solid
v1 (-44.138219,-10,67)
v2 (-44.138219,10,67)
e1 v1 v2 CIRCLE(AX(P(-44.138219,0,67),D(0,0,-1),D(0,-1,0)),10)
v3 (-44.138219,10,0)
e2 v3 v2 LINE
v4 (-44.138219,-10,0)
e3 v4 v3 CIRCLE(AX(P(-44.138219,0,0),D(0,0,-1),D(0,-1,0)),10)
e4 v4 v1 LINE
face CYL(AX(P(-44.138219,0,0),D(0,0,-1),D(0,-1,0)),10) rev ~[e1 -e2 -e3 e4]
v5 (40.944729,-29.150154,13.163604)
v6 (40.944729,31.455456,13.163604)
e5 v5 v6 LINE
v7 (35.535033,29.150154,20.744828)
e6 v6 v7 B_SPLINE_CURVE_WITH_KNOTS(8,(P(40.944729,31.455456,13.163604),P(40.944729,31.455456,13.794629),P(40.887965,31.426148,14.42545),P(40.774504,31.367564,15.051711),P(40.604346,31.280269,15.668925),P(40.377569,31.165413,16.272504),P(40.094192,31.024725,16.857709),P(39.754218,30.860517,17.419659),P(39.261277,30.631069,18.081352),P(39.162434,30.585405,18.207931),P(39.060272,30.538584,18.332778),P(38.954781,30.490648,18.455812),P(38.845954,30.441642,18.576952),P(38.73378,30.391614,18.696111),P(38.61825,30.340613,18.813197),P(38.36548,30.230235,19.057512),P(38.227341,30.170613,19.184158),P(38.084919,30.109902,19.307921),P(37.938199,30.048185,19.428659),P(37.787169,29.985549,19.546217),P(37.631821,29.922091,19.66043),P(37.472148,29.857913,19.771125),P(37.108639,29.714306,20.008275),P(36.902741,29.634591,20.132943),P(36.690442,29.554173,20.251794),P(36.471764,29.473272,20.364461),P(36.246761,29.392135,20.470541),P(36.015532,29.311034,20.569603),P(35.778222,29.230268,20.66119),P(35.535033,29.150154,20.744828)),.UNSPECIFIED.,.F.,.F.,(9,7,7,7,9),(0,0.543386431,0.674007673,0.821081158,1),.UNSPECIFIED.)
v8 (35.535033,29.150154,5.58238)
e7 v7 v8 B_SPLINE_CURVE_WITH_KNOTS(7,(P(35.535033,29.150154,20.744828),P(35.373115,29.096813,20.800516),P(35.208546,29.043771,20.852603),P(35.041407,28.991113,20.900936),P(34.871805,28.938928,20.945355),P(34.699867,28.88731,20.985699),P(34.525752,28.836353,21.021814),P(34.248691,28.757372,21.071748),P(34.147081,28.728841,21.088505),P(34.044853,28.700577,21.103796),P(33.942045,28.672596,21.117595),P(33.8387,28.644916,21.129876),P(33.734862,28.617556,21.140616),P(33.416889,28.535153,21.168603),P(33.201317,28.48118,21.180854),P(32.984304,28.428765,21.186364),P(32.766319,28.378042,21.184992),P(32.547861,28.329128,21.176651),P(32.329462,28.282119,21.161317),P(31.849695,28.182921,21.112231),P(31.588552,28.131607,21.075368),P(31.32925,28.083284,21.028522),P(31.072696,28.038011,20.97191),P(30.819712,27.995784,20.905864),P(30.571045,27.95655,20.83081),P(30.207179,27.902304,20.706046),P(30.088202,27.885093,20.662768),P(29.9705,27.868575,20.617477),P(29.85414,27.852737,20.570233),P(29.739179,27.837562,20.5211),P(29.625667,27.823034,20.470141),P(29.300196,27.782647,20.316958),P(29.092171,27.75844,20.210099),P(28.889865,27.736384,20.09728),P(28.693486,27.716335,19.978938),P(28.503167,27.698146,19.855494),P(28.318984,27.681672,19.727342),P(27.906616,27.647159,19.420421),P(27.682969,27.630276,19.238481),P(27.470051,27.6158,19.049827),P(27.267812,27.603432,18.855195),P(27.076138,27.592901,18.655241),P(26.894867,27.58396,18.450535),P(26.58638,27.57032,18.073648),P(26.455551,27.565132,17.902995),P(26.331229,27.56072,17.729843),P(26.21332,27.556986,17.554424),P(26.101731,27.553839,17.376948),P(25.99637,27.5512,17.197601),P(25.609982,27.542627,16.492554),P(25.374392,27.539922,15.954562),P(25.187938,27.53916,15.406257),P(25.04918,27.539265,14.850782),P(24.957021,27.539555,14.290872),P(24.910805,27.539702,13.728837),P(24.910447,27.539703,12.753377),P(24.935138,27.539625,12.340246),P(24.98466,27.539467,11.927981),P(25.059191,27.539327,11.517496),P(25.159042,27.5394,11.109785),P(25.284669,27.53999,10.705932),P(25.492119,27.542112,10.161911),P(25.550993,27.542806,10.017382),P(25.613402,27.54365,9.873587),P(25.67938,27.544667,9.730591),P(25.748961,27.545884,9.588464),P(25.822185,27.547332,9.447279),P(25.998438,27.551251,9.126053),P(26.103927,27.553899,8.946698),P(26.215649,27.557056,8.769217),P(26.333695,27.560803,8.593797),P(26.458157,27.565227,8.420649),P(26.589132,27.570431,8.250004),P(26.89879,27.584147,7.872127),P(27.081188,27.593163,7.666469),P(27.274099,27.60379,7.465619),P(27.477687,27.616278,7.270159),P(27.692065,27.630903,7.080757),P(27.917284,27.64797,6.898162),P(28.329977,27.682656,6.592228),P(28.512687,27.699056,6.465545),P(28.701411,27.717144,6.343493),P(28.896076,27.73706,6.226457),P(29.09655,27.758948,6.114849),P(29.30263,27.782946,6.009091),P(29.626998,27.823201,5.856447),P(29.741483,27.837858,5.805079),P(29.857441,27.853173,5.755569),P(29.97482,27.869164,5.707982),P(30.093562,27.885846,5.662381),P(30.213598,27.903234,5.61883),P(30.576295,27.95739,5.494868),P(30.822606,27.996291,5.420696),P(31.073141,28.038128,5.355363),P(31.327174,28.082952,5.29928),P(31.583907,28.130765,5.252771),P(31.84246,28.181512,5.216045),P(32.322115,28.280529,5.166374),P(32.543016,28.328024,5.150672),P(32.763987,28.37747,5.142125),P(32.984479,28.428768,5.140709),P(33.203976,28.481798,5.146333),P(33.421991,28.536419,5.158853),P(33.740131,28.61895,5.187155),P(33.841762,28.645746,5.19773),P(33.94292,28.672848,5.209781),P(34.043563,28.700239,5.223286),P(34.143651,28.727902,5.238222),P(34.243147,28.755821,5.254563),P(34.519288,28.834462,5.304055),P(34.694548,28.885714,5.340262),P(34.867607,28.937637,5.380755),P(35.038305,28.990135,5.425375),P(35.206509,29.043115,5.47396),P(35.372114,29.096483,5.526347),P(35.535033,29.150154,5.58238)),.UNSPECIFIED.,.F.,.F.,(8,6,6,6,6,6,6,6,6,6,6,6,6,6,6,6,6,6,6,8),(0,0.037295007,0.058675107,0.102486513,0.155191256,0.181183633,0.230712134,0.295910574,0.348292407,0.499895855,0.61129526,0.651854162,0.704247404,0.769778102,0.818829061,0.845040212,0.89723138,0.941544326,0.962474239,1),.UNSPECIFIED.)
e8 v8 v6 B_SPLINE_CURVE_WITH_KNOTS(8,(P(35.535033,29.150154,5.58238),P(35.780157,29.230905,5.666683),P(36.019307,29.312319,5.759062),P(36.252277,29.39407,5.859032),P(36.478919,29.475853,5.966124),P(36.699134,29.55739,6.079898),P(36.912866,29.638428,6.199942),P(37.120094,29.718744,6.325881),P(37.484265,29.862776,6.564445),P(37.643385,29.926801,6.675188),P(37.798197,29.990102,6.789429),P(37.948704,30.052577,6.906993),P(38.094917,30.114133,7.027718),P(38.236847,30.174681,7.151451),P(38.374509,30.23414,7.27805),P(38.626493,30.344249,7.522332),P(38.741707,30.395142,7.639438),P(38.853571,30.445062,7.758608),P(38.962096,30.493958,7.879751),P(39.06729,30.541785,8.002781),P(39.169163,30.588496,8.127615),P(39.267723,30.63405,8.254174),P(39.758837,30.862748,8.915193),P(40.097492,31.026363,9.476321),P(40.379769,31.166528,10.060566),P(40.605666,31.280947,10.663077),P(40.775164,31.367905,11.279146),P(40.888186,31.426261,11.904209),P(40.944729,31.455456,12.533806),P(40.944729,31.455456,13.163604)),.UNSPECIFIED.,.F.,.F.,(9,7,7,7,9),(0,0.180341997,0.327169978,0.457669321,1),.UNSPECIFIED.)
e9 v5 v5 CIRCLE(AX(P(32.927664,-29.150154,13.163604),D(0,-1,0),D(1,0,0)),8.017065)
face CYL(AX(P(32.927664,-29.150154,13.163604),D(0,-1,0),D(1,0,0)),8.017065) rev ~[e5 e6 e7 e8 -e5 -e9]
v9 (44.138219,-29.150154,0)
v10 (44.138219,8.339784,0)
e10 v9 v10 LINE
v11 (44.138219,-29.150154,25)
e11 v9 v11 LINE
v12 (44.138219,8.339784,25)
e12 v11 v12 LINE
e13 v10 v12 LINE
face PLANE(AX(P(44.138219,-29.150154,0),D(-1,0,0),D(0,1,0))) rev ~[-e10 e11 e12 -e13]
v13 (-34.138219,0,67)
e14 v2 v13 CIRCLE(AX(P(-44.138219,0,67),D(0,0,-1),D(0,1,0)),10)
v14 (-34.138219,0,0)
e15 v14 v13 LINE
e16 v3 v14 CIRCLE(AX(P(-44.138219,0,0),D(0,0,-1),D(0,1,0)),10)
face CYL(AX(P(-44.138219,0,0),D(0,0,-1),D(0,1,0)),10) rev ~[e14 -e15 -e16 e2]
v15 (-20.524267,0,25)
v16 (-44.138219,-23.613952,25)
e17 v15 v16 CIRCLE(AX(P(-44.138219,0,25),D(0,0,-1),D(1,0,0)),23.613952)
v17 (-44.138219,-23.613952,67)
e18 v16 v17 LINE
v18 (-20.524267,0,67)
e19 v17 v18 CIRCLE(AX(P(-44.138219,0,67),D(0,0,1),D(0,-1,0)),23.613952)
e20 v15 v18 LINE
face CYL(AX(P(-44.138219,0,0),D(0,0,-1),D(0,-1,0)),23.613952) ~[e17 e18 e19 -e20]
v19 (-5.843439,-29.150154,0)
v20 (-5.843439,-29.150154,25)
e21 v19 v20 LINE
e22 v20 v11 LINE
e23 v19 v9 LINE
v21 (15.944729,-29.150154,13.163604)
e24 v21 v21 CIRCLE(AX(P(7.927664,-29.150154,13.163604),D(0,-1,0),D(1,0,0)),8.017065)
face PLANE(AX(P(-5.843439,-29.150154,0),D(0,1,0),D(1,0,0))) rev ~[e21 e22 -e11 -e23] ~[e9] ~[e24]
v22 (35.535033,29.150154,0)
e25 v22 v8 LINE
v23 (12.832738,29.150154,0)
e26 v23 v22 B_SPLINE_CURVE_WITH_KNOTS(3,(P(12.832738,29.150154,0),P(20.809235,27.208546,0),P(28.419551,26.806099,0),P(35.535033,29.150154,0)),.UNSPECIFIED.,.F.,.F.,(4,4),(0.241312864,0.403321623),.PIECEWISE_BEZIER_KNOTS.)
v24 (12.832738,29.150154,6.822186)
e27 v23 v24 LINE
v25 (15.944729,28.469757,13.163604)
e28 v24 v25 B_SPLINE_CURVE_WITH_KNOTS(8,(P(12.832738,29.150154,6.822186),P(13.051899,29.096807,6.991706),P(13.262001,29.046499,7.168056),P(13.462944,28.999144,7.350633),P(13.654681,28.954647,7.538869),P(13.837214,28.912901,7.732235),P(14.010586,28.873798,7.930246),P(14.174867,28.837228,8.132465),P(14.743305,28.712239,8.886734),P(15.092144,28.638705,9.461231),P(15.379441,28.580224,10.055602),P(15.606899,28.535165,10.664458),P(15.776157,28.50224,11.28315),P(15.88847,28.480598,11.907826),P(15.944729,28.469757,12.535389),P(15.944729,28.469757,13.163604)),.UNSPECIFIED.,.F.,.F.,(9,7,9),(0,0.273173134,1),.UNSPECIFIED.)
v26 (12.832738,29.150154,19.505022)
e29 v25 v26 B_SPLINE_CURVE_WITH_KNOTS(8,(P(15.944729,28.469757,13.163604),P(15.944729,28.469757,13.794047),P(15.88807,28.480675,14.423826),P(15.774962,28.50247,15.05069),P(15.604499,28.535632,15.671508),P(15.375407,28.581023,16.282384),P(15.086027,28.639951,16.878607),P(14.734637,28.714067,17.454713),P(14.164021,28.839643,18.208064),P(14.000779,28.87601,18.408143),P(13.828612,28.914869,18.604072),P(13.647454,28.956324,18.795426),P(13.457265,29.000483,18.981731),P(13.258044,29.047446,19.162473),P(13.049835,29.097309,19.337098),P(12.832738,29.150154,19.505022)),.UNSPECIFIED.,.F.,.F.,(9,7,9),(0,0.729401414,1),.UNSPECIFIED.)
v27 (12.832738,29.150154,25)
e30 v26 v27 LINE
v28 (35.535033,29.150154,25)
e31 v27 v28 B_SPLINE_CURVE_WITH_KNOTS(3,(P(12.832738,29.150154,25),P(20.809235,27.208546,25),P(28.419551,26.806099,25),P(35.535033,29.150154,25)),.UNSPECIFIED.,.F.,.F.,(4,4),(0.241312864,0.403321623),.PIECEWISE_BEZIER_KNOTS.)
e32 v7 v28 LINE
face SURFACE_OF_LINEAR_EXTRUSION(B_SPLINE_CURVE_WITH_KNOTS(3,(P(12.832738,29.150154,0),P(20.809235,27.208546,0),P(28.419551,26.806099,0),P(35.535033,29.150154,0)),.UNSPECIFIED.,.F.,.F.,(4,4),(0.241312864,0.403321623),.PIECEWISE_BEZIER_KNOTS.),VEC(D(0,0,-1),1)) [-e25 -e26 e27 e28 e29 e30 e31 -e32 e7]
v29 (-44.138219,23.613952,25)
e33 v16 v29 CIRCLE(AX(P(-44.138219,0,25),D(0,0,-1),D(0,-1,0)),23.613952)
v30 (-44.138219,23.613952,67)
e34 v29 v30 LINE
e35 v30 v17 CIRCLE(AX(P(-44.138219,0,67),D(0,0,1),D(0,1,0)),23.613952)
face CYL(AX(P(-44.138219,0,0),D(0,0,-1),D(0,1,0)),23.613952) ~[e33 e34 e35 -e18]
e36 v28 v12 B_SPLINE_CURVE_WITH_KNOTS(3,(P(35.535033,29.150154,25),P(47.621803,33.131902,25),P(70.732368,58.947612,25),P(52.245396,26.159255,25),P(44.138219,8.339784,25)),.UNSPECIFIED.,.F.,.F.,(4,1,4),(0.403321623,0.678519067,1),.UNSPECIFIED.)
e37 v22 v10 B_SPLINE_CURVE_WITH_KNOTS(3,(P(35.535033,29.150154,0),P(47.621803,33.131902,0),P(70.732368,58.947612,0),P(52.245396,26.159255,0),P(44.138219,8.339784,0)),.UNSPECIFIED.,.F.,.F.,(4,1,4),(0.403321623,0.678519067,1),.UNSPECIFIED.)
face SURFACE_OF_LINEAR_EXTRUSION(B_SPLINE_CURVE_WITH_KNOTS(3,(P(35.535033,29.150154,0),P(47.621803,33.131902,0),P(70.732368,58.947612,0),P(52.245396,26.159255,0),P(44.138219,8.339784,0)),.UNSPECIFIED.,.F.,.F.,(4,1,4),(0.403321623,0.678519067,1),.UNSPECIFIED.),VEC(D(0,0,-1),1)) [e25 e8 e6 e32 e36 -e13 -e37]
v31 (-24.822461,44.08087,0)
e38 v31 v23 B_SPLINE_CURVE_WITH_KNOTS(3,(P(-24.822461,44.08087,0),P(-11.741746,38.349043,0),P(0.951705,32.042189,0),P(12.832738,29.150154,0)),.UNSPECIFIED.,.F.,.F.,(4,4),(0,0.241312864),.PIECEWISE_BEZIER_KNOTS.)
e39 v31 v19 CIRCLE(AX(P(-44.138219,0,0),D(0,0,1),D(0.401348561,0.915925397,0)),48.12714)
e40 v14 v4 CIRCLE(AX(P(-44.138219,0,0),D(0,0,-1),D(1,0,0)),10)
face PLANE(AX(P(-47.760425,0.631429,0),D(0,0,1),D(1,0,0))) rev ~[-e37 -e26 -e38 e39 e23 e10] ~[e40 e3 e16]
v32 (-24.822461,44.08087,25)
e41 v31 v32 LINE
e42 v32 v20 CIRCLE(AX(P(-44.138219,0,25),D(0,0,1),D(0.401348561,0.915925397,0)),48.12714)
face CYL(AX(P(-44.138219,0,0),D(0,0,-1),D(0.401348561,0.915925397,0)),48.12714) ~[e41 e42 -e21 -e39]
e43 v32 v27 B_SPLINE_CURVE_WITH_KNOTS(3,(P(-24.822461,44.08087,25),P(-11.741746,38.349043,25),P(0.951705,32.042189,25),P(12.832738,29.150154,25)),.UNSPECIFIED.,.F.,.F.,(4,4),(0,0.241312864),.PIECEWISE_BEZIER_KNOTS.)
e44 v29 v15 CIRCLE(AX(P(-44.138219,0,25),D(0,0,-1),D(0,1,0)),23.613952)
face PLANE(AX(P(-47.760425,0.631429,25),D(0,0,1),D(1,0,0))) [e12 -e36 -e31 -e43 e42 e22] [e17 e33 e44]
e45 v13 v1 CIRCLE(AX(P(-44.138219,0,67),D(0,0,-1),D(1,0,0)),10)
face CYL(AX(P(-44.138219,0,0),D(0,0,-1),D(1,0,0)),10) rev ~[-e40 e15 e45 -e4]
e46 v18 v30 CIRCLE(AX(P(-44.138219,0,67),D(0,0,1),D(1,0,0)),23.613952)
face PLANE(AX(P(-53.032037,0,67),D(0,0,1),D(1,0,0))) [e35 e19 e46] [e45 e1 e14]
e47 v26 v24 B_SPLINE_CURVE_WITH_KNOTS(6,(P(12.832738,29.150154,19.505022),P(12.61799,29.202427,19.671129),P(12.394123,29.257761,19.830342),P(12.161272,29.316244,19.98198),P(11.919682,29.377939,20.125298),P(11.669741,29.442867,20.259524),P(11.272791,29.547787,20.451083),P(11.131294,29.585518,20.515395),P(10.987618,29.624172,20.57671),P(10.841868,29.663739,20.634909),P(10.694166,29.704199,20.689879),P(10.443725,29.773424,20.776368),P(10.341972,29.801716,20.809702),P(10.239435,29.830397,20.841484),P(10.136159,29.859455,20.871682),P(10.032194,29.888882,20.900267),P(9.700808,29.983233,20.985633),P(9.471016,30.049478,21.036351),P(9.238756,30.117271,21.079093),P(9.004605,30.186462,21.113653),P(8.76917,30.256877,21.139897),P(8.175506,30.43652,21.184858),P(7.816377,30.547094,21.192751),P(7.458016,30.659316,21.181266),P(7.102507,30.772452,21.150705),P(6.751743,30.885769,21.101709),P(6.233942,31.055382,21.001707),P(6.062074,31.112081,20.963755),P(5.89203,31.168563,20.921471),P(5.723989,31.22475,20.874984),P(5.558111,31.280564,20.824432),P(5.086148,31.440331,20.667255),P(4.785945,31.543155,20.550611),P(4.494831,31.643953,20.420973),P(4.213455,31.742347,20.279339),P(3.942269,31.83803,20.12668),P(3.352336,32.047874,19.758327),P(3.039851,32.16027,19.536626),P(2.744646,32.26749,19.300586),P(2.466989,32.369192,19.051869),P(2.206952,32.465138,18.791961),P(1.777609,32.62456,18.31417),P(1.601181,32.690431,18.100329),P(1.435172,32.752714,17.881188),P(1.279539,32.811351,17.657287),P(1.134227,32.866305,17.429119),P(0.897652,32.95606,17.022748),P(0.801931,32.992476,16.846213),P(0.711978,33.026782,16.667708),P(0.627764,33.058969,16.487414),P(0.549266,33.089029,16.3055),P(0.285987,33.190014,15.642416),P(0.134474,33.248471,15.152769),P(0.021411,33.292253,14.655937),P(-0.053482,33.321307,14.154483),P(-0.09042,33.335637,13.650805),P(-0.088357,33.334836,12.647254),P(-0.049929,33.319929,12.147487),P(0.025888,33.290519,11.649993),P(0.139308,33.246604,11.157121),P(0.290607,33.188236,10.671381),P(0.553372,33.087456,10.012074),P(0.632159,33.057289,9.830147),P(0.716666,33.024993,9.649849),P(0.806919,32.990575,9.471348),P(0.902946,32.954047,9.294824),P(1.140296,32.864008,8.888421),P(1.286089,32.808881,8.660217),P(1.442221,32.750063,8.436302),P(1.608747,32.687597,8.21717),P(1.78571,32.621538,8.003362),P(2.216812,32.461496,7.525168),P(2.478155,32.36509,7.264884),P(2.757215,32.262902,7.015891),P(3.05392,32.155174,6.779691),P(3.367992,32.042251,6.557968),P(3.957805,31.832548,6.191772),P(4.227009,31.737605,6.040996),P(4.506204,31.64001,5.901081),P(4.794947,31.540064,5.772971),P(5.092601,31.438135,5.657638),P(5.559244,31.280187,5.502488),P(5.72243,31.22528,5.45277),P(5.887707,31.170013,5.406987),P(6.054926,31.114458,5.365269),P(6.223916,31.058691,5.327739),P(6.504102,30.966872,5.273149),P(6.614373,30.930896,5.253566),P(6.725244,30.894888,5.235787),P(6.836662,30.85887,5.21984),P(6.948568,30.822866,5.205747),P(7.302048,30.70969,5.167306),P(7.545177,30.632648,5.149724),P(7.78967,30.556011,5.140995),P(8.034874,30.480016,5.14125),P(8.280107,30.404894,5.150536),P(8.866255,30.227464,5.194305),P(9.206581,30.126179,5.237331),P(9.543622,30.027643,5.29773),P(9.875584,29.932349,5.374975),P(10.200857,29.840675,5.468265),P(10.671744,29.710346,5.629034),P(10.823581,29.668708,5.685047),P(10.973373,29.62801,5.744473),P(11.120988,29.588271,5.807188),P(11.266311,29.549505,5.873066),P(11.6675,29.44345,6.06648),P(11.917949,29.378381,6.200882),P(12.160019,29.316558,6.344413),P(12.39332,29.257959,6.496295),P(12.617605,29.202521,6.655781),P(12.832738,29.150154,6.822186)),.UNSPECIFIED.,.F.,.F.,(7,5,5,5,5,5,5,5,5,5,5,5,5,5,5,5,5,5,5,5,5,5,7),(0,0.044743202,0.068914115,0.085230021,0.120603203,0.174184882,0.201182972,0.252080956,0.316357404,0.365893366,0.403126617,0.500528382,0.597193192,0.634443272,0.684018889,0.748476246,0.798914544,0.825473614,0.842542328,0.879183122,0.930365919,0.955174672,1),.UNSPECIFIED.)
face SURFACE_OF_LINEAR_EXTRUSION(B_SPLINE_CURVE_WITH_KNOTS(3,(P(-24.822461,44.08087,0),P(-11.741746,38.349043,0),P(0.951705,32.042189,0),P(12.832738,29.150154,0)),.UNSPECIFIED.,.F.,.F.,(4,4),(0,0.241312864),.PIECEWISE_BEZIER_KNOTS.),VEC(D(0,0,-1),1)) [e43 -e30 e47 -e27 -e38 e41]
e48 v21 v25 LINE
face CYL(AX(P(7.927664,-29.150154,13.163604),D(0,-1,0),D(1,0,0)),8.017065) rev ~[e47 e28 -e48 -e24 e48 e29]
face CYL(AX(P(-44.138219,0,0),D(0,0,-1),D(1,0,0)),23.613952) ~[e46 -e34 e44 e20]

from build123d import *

# Parameters (mm, degrees)
F1_DEPTH = 25
F2_DEPTH = 67
F3_R     = 8.0170654264
F4_DEPTH = 77.2782947511


with BuildPart() as f1:
    # F0 (on Top) → F1 (new body)
    with BuildSketch(Plane.XY):
        with BuildLine():
            Line((-44.1382192087, 23.6139522209), (-44.1382192087, 29.1501541541))
            Line((-44.1382192087, 29.1501541541), (-5.8434393396, 29.1501541541))
            ThreePointArc((-5.8434393396, 29.1501541541), (-14.3812854567, 37.8252104568), (-24.8224606144, 44.080870254))
            ThreePointArc((-24.8224606144, 44.080870254), (-90.7261926511, -12.074037558), (-5.8434393396, -29.1501541541))
            Line((-5.8434393396, -29.1501541541), (-44.1382192087, -29.1501541541))
            Line((-44.1382192087, -29.1501541541), (-44.1382192087, -23.6139522209))
            ThreePointArc((-44.1382192087, -23.6139522209), (-67.7521714295, 0), (-44.1382192087, 23.6139522209))
        make_face()
        with BuildLine():
            Line((12.8327377156, 29.1501541541), (-5.8434393396, 29.1501541541))
            ThreePointArc((-5.8434393396, 29.1501541541), (1.4646310503, 15.3818627182), (3.9889212884, 0))
            ThreePointArc((3.9889212884, 0), (1.4646310503, -15.3818627182), (-5.8434393396, -29.1501541541))
            Line((-5.8434393396, -29.1501541541), (44.1382192087, -29.1501541541))
            Line((44.1382192087, -29.1501541541), (44.1382192087, 8.3397841081))
            Line((44.1382192087, 8.3397841081), (44.1382192087, 29.1501541541))
            Line((44.1382192087, 29.1501541541), (35.5350334868, 29.1501541541))
            add(Edge.make_bspline(
                [(12.8327377156, 29.1501541541), (20.8092349471, 27.208546417), (28.4195513087, 26.8060990258), (35.5350334868, 29.1501541541)],
                knots=[0.2413128636, 0.2413128636, 0.2413128636, 0.2413128636, 0.4033216227, 0.4033216227, 0.4033216227, 0.4033216227], degree=3))
        make_face()
        with BuildLine():
            add(Edge.make_bspline(
                [(35.5350334868, 29.1501541541), (47.6218028789, 33.1319017108), (70.7323680982, 58.9476120465), (52.2453960839, 26.1592553027), (44.1382192087, 8.3397841081)],
                knots=[0.4033216227, 0.4033216227, 0.4033216227, 0.4033216227, 0.6785190669, 1, 1, 1, 1], degree=3))
            Line((35.5350334868, 29.1501541541), (44.1382192087, 29.1501541541))
            Line((44.1382192087, 29.1501541541), (44.1382192087, 8.3397841081))
        make_face()
        with BuildLine():
            ThreePointArc((-24.8224606144, 44.080870254), (-14.3812854567, 37.8252104568), (-5.8434393396, 29.1501541541))
            Line((-5.8434393396, 29.1501541541), (12.8327377156, 29.1501541541))
            add(Edge.make_bspline(
                [(-24.8224606144, 44.080870254), (-11.7417461231, 38.3490432302), (0.9517048626, 32.0421886703), (12.8327377156, 29.1501541541)],
                knots=[0, 0, 0, 0, 0.2413128636, 0.2413128636, 0.2413128636, 0.2413128636], degree=3))
        make_face()
        with BuildLine():
            Line((-5.8434393396, 29.1501541541), (-44.1382192087, 29.1501541541))
            Line((-44.1382192087, 29.1501541541), (-44.1382192087, 23.6139522209))
            ThreePointArc((-44.1382192087, 23.6139522209), (-27.4406334627, 16.697585746), (-20.5242669878, 0))
            ThreePointArc((-20.5242669878, 0), (-27.4406334627, -16.697585746), (-44.1382192087, -23.6139522209))
            Line((-44.1382192087, -23.6139522209), (-44.1382192087, -29.1501541541))
            Line((-44.1382192087, -29.1501541541), (-5.8434393396, -29.1501541541))
            ThreePointArc((-5.8434393396, -29.1501541541), (1.4646310503, -15.3818627182), (3.9889212884, 0))
            ThreePointArc((3.9889212884, 0), (1.4646310503, 15.3818627182), (-5.8434393396, 29.1501541541))
        make_face()
    extrude(amount=F1_DEPTH)

    # F0 (on Top) → F2 (join)
    with BuildSketch(Plane.XY):
        with BuildLine():
            Line((-44.1382192087, 10), (-44.1382192087, 23.6139522209))
            ThreePointArc((-44.1382192087, 23.6139522209), (-67.7521714295, 0), (-44.1382192087, -23.6139522209))
            Line((-44.1382192087, -23.6139522209), (-44.1382192087, -10))
            ThreePointArc((-44.1382192087, -10), (-54.1382192087, 0), (-44.1382192087, 10))
        make_face()
        with BuildLine():
            ThreePointArc((-20.5242669878, 0), (-27.4406334627, 16.697585746), (-44.1382192087, 23.6139522209))
            Line((-44.1382192087, 23.6139522209), (-44.1382192087, 10))
            ThreePointArc((-44.1382192087, 10), (-37.0671513968, 7.0710678119), (-34.1382192087, 0))
            ThreePointArc((-34.1382192087, 0), (-37.0671513968, -7.0710678119), (-44.1382192087, -10))
            Line((-44.1382192087, -10), (-44.1382192087, -23.6139522209))
            ThreePointArc((-44.1382192087, -23.6139522209), (-27.4406334627, -16.697585746), (-20.5242669878, 0))
        make_face()
    extrude(amount=F2_DEPTH)

    # F3 (on face) → F4 (cut, through all)
    with BuildSketch(Plane.XZ.offset(29.1501541541)):
        with Locations((7.9276636243, 13.1636038423)):
            Circle(F3_R)
        with Locations((32.9276636243, 13.1636038423)):
            Circle(F3_R)
    extrude(amount=-F4_DEPTH, mode=Mode.SUBTRACT)


solid = f1.part
